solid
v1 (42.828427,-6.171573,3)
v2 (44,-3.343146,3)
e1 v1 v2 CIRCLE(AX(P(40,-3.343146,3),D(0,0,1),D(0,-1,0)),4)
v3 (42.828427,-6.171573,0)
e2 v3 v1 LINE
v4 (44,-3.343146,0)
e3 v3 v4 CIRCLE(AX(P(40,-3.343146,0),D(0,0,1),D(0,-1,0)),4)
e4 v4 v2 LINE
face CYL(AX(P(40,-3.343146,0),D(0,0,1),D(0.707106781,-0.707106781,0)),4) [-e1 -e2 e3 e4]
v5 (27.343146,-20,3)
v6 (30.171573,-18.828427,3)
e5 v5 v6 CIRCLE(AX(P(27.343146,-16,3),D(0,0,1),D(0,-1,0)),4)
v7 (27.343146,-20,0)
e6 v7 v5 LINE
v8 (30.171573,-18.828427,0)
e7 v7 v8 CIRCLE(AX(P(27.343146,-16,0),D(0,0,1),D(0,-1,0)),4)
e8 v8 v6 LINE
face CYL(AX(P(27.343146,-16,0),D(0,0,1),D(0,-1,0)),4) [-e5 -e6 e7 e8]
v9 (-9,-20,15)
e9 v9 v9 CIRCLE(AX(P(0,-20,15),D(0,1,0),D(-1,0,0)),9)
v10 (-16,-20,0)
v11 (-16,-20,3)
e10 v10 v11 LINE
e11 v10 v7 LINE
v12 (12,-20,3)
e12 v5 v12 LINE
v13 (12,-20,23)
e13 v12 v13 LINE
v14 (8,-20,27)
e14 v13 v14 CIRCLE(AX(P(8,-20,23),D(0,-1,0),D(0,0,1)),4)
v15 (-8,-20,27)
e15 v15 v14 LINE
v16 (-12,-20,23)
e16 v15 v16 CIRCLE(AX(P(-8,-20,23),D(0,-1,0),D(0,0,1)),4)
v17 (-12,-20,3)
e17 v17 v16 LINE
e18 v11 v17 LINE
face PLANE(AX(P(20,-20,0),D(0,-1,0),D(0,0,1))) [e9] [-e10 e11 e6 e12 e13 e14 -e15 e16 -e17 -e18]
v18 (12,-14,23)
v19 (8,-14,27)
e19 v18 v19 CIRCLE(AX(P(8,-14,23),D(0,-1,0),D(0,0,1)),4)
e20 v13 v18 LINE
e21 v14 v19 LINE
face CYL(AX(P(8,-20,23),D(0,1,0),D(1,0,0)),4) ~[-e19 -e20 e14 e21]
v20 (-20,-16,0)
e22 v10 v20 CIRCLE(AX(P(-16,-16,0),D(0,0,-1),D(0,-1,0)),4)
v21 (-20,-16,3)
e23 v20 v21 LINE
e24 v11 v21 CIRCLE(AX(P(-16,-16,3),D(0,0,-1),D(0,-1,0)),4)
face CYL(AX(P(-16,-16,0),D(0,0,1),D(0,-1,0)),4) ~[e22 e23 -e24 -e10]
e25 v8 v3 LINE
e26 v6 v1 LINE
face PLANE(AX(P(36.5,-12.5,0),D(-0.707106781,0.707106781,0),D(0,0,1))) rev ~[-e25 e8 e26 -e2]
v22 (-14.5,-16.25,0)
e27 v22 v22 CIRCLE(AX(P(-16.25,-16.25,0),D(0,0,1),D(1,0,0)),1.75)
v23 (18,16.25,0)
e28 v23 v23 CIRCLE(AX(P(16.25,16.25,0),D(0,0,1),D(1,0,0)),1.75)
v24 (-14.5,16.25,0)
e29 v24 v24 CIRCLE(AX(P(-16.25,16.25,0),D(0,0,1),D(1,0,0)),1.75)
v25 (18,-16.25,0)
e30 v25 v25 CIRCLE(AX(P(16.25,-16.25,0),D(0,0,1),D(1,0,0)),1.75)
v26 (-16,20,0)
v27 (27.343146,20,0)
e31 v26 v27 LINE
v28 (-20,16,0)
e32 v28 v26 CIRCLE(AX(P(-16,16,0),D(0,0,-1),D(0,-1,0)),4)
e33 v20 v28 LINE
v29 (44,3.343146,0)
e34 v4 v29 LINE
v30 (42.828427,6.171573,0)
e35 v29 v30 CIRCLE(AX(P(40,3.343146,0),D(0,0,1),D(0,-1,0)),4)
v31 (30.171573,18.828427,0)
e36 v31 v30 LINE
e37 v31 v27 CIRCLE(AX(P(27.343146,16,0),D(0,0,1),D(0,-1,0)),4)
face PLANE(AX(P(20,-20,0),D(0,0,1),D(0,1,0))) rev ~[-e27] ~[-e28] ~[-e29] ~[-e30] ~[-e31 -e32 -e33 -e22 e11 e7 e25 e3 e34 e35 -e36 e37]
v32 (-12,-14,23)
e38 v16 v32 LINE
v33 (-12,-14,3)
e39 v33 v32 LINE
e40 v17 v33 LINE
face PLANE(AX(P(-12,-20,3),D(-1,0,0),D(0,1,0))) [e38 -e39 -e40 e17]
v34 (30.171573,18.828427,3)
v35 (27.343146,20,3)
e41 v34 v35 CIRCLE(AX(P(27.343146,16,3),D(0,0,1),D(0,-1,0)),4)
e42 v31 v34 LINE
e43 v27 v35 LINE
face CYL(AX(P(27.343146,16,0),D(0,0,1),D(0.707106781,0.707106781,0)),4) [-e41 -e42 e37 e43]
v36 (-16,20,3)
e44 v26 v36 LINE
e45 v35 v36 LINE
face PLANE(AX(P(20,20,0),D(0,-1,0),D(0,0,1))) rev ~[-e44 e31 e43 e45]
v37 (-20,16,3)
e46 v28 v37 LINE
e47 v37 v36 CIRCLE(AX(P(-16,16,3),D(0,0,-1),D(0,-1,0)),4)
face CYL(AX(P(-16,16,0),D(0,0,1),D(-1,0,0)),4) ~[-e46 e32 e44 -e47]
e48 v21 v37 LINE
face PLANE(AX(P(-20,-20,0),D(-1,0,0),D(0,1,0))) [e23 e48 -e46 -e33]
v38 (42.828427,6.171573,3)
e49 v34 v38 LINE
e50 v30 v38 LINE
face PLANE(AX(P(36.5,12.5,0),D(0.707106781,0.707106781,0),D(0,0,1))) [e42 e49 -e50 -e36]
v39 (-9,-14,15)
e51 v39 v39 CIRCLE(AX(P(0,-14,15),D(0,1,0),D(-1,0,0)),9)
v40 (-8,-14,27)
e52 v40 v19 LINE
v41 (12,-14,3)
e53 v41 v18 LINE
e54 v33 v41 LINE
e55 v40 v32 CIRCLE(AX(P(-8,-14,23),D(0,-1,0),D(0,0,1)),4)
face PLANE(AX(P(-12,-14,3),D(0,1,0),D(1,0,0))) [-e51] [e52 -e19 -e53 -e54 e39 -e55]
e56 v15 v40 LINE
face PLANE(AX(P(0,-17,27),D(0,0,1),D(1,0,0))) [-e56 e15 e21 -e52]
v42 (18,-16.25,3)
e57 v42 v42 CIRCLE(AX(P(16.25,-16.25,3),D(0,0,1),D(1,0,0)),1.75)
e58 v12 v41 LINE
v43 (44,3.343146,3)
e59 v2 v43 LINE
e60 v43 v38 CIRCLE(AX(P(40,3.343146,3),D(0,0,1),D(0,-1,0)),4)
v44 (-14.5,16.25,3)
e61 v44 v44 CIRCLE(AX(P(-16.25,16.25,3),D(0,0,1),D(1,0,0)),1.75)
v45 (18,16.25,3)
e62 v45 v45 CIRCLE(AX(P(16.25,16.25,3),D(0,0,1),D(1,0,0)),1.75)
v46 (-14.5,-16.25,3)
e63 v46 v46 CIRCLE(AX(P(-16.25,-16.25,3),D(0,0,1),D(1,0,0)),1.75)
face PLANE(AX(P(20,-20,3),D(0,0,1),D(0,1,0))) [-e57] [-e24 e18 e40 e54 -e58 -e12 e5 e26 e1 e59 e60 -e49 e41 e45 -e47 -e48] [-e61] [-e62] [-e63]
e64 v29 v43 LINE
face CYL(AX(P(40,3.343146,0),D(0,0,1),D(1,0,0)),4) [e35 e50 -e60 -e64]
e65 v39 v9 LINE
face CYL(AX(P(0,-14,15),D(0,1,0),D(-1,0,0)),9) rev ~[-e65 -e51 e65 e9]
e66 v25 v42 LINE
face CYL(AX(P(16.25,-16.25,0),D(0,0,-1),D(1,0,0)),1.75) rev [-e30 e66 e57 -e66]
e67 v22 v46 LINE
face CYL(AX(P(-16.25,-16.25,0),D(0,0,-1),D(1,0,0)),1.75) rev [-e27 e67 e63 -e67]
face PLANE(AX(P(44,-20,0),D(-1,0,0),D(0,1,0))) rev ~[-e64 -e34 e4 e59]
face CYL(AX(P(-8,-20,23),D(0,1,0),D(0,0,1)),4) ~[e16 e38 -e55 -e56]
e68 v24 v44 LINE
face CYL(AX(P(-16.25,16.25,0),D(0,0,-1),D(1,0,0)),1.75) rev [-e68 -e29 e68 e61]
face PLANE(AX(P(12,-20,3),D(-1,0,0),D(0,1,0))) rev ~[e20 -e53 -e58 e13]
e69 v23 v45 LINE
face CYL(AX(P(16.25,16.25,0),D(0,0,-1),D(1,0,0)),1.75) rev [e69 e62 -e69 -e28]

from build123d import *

# Parameters (mm, degrees)
F0_W     = 40
F0_H     = 40
F0_R     = 1.75
F1_DEPTH = 3
F2_W     = 24
F2_H     = 6
F3_DEPTH = 24
F4_R     = 9
F5_DEPTH = 25
F6_DEPTH = 24
F7_SIZE  = 15
F8_R     = 4


with BuildPart() as f1:
    # F0 (on Top) → F1 (new body)
    with BuildSketch(Plane.XY):
        Rectangle(F0_W, F0_H)
        with Locations((-16.25, -16.25)):
            Circle(F0_R, mode=Mode.SUBTRACT)
        with Locations((16.25, -16.25)):
            Circle(F0_R, mode=Mode.SUBTRACT)
        with Locations((-16.25, 16.25)):
            Circle(F0_R, mode=Mode.SUBTRACT)
        with Locations((16.25, 16.25)):
            Circle(F0_R, mode=Mode.SUBTRACT)
    extrude(amount=F1_DEPTH)

    # F2 (on face) → F3 (join)
    with BuildSketch(Plane.XY.offset(3)):
        with Locations((0, -17)):
            Rectangle(F2_W, F2_H)
    extrude(amount=F3_DEPTH)

    # F4 (on face) → F5 (cut)
    with BuildSketch(Plane(origin=(0, -14, 0), x_dir=(-1, 0, 0), z_dir=(0, 1, 0))):
        with Locations((0, 15)):
            Circle(F4_R)
    extrude(amount=-F5_DEPTH, mode=Mode.SUBTRACT)

    # F6 (add): a face of the model
    f6_faces = [f1.faces().sort_by_distance(p)[0] for p in [
        (20, 0, 1.5),
    ]]
    extrude(f6_faces, amount=F6_DEPTH)

    # F7
    f7_edges = [f1.edges().sort_by_distance(p)[0] for p in [
        (44, 20, 1.5),
        (44, -20, 1.5),
    ]]
    chamfer(f7_edges, length=F7_SIZE)

    # F8
    f8_edges = [f1.edges().sort_by_distance(p)[0] for p in [
        (29, 20, 1.5),
        (44, 5, 1.5),
        (-20, 20, 1.5),
        (-20, -20, 1.5),
        (29, -20, 1.5),
        (44, -5, 1.5),
        (-12, -17, 27),
        (12, -17, 27),
    ]]
    fillet(f8_edges, radius=F8_R)


solid = f1.part
